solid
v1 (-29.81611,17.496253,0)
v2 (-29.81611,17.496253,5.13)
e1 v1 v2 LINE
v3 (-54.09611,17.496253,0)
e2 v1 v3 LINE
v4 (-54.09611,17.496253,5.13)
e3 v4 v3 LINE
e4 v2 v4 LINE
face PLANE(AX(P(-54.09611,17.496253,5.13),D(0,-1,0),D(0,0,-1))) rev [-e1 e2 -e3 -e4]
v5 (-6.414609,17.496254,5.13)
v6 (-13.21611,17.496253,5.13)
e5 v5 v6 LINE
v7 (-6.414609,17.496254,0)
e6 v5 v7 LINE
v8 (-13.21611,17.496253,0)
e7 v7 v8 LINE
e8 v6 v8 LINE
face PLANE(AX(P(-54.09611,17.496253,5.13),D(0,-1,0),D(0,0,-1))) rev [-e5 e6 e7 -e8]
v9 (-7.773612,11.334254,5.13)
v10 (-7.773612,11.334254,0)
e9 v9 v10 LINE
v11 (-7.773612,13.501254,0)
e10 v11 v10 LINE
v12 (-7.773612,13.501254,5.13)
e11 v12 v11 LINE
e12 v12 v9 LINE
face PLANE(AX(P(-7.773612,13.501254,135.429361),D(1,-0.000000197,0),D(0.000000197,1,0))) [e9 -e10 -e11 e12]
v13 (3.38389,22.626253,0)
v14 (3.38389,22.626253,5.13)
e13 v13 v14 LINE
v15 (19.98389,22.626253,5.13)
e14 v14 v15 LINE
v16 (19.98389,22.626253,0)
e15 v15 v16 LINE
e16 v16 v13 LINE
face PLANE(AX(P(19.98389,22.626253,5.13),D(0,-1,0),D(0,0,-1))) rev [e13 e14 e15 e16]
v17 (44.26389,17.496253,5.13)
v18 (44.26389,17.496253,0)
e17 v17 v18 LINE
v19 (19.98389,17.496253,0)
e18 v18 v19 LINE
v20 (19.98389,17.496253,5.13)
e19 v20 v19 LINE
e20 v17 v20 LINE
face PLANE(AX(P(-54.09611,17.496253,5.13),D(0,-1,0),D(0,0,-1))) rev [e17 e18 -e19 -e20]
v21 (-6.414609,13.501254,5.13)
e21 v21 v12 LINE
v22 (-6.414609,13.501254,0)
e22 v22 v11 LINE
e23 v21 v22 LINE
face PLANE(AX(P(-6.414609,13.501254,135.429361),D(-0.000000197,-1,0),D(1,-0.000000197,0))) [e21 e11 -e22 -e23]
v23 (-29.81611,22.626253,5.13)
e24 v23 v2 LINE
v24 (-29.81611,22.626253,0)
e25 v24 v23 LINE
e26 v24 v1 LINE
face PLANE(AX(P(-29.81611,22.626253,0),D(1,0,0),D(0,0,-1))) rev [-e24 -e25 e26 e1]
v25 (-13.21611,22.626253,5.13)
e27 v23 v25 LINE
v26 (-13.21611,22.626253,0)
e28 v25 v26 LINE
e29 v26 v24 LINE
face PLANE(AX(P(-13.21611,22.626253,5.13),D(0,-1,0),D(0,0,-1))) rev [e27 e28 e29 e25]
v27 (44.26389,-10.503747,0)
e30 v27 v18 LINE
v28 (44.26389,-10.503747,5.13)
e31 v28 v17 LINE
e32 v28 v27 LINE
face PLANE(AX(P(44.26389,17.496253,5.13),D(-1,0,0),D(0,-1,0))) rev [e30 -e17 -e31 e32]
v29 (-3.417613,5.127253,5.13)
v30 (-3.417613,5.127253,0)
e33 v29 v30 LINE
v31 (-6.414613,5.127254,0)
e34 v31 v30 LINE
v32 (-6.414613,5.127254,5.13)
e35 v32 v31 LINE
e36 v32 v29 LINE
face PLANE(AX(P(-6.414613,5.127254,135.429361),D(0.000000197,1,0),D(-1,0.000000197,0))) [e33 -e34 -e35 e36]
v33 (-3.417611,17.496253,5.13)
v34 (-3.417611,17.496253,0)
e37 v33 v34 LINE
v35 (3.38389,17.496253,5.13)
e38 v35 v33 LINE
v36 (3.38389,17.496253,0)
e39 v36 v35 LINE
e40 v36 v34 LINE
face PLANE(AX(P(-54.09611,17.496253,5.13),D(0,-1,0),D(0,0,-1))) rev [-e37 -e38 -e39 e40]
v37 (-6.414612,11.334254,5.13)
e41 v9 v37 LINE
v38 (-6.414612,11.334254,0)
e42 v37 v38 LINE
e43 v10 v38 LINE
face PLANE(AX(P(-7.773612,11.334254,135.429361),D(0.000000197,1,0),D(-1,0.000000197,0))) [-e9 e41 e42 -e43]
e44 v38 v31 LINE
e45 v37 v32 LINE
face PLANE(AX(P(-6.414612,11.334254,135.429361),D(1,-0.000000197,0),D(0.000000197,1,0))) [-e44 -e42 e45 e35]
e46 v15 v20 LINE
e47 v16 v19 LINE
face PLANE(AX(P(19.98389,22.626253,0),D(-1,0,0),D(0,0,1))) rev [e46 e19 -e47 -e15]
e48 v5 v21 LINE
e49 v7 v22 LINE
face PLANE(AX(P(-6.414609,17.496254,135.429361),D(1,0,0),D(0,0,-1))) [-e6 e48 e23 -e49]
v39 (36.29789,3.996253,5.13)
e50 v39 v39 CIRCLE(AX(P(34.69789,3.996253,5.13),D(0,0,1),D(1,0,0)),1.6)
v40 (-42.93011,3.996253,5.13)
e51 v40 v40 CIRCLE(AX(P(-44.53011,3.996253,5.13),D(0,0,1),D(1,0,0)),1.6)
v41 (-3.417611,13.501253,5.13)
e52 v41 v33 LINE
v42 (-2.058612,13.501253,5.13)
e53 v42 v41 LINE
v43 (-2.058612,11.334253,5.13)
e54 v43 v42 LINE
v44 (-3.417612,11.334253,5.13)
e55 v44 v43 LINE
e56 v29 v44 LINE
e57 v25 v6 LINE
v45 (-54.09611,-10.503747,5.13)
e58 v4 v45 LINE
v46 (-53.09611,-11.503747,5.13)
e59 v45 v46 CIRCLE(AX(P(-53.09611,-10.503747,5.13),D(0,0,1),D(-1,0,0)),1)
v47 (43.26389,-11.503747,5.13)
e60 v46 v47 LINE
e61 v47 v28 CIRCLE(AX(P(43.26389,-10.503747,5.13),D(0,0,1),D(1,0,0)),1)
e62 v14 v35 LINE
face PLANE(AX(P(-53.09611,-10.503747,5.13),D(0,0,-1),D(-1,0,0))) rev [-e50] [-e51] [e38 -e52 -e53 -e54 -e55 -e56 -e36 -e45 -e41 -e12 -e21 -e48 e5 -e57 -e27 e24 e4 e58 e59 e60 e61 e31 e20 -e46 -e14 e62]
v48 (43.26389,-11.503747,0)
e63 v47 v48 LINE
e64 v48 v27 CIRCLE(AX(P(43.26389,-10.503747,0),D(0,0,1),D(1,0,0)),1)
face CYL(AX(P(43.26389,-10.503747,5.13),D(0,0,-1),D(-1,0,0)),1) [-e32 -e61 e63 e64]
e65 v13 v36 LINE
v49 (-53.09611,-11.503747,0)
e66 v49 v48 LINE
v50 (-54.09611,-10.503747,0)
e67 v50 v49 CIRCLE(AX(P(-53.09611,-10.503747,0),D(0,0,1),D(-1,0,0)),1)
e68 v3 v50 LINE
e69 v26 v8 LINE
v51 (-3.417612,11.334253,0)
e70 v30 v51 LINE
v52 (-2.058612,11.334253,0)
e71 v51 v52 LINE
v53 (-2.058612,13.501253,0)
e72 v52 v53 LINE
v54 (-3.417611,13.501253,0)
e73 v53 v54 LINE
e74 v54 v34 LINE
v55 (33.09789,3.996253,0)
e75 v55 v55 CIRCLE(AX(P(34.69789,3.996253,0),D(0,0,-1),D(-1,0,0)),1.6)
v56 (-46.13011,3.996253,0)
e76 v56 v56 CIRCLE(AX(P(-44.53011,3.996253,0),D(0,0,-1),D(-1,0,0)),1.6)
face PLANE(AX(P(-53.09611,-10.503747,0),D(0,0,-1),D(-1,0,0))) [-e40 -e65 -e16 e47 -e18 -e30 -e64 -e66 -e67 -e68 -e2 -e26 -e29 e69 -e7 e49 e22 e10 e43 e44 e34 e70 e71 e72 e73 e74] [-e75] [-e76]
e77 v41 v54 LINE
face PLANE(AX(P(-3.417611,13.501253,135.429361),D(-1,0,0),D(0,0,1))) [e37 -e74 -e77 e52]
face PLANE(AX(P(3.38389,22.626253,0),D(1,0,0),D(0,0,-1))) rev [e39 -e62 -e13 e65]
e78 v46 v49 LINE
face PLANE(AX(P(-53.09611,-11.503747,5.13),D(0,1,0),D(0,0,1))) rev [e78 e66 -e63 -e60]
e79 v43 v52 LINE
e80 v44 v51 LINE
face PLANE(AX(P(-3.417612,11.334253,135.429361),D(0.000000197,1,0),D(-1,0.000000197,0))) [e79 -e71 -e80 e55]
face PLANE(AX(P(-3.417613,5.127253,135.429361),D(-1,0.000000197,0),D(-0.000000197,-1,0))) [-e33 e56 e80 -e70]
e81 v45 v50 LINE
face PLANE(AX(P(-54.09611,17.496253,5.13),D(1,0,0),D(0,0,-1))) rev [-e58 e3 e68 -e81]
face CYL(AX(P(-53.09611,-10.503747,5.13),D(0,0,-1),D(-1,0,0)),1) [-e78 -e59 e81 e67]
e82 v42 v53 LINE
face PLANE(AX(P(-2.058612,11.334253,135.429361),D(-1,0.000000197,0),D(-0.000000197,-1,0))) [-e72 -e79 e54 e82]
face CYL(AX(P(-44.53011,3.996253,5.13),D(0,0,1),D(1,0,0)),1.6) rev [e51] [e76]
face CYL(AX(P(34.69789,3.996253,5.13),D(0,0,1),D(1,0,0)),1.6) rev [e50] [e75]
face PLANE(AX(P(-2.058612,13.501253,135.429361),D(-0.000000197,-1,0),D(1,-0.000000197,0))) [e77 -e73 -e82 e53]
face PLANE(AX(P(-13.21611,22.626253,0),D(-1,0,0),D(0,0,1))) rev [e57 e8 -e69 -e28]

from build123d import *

# Parameters (mm, degrees)
MAIN_DEPTH               = 5.13
M3_CLEARANCE_HOLE1_D     = 3.2
M3_CLEARANCE_HOLE1_DEPTH = 5.13
SKETCH4_W                = 16.6
SKETCH4_H                = 5.13
TOP_TABS_DEPTH           = 5.13
T_SLOT_DEPTH             = 1
T_SLOT_DEPTH_BACK        = 6.13


with BuildPart() as part:
    # Sketch1 → Main (new body)
    with BuildSketch(Plane.XY):
        with BuildLine():
            Line((-54.096109727, 17.496253248), (44.263890273, 17.496253248))
            Line((44.263890273, 17.496253248), (44.263890273, -10.503746752))
            ThreePointArc((44.263890273, -10.503746752), (43.970997054, -11.210853533), (43.263890273, -11.503746752))
            Line((43.263890273, -11.503746752), (-53.096109727, -11.503746752))
            ThreePointArc((-53.096109727, -11.503746752), (-53.803216508, -11.210853533), (-54.096109727, -10.503746752))
            Line((-54.096109727, -10.503746752), (-54.096109727, 17.496253248))
        make_face()
    extrude(amount=MAIN_DEPTH)

    # M3 Clearance Hole1
    with Locations(Plane.XY.offset(5.13)):
        with Locations((-44.530109727, 3.996253248), (34.697890273, 3.996253248)):
            Hole(M3_CLEARANCE_HOLE1_D / 2, depth=M3_CLEARANCE_HOLE1_DEPTH)

    # Sketch4 → top tabs (add)
    with BuildSketch(Plane(origin=(0, 17.496253248, 0), x_dir=(1, 0, 0), z_dir=(0, 1, 0))):
        with Locations((11.683890273, -2.565)):
            Rectangle(SKETCH4_W, SKETCH4_H)
        with Locations((-21.516109727, -2.565)):
            Rectangle(SKETCH4_W, SKETCH4_H)
    extrude(amount=TOP_TABS_DEPTH)

    # Sketch5 → t-slot (cut, two sides)
    with BuildSketch(Plane.XY.offset(5.13)) as t_slot_sk:
        Polygon((-6.414608826, 144.274852992), (-6.414608826, 17.496253838), (-6.414608826, 13.501253838), (-7.773611823, 13.501254105), (-7.77361225, 11.334254105), (-6.41461225, 11.334253838), (-6.414613471, 5.127253838), (-3.417613471, 5.127253248), (-3.41761225, 11.334253248), (-2.05861225, 11.334252981), (-2.058611823, 13.501252981), (-3.417610628, 13.501253248), (-3.417610628, 17.496253248), (-3.417610628, 144.274852403), (-3.41756075, 397.832050712), (-6.414558948, 397.832051301), align=None)
    extrude(amount=T_SLOT_DEPTH, mode=Mode.SUBTRACT)
    extrude(t_slot_sk.sketch, amount=-T_SLOT_DEPTH_BACK, mode=Mode.SUBTRACT)


solid = part.part
